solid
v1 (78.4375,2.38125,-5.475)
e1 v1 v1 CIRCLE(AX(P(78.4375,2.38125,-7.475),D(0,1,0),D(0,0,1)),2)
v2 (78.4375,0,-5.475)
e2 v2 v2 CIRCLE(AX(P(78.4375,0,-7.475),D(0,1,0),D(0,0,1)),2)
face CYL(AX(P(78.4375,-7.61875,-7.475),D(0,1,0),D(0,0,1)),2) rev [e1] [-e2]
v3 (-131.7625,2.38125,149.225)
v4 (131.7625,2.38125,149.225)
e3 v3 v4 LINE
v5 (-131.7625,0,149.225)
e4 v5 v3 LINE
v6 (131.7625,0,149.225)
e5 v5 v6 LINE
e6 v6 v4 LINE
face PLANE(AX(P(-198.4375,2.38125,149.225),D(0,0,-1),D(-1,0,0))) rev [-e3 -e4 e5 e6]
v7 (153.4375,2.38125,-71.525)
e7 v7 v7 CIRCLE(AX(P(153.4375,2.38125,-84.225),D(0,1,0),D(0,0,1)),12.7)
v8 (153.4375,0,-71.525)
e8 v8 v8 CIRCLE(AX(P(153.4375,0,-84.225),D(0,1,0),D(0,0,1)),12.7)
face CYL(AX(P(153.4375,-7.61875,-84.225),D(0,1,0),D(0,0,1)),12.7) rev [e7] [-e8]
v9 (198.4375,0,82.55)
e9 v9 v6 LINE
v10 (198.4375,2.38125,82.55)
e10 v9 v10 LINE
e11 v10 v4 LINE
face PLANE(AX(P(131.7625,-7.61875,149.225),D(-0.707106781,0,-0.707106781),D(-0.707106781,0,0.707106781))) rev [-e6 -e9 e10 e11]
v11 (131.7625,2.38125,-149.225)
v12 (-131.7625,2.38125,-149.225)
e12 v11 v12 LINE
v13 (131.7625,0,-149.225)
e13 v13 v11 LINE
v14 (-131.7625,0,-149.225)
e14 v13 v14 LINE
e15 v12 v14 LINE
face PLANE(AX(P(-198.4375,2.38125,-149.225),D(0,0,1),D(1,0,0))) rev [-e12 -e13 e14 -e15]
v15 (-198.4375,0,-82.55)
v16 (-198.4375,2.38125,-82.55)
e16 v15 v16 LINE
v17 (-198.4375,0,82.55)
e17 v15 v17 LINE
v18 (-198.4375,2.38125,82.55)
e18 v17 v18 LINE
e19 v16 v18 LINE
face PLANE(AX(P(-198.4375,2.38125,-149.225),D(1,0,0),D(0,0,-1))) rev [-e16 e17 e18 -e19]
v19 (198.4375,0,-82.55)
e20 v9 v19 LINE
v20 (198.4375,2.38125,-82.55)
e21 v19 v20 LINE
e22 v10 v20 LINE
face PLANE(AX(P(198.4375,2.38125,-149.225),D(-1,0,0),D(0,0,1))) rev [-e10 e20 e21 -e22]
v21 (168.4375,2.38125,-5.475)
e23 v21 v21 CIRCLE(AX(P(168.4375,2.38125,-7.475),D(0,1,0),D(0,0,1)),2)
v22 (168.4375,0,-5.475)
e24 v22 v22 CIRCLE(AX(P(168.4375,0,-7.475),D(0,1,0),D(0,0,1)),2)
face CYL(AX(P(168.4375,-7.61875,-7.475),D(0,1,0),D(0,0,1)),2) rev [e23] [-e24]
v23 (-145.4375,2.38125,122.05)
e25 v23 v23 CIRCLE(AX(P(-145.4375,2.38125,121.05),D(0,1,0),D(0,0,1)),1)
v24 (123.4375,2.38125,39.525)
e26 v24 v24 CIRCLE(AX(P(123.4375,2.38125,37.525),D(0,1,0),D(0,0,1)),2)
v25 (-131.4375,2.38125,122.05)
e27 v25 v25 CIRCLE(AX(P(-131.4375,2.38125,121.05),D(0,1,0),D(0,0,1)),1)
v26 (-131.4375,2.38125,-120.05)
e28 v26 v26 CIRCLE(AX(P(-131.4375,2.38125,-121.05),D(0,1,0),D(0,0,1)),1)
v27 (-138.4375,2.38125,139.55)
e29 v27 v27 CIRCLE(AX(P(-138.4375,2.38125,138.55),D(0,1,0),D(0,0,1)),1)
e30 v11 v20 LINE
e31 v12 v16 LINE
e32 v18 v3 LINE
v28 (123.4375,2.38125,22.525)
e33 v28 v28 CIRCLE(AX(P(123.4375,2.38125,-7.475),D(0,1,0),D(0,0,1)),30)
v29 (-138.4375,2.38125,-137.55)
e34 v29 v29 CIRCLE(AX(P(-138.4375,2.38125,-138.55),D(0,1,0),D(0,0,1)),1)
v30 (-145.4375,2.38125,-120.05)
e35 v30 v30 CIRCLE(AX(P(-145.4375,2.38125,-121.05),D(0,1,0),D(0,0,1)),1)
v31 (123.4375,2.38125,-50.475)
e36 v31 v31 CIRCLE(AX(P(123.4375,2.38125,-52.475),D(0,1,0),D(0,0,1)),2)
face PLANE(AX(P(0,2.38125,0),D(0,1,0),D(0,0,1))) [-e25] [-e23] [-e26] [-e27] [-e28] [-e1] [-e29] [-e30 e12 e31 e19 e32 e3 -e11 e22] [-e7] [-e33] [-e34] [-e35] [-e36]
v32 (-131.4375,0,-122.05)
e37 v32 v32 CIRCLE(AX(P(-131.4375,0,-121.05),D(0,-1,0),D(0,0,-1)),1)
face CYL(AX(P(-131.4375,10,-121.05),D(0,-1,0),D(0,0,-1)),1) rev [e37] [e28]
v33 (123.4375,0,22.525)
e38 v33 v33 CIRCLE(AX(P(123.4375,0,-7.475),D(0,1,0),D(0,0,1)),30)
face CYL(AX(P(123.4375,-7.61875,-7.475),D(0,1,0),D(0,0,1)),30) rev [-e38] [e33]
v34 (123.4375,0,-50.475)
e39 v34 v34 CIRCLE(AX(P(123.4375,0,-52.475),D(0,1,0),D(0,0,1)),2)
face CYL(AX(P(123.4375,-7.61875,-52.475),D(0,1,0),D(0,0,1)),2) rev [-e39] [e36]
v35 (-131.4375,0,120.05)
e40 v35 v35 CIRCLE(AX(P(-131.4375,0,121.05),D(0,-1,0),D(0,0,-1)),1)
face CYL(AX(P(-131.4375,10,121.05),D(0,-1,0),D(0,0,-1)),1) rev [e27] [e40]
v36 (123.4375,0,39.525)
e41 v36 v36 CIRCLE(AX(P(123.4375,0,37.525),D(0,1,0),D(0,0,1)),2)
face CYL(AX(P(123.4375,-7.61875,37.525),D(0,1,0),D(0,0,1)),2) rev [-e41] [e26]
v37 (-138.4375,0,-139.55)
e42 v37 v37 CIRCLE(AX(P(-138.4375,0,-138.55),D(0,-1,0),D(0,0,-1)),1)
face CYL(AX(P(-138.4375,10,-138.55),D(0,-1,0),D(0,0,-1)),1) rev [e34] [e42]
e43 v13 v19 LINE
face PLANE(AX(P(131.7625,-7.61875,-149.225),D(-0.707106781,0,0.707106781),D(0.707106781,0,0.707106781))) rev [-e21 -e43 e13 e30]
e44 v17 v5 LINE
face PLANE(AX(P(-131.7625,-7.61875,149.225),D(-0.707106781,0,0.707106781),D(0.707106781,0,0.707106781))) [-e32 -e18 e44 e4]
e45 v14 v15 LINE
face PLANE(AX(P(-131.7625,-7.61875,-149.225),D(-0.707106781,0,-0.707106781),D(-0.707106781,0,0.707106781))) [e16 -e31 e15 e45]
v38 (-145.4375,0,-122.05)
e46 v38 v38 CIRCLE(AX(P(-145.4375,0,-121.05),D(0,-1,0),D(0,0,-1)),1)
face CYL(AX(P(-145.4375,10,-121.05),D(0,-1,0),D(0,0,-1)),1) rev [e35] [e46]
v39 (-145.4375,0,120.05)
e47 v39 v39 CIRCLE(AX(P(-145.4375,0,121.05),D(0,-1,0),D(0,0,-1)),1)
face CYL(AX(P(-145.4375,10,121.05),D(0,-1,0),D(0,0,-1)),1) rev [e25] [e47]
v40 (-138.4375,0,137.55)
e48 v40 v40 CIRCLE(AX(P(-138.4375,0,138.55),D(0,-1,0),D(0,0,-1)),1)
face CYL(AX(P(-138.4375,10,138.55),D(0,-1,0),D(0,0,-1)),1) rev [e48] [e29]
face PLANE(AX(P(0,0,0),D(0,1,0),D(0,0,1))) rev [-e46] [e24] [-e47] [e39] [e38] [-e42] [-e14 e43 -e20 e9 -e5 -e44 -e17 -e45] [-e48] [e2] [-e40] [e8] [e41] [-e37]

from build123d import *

# Parameters (mm, degrees)
SKETCH1_W           = 396.875
SKETCH1_H           = 298.45
BOSS_EXTRUDE1_DEPTH = 2.38125
SKETCH5_R           = 1
CUT_EXTRUDE4_DEPTH  = 10
SKETCH6_R           = 2
SKETCH6_R_2         = 30
CUT_EXTRUDE5_DEPTH  = 10
SKETCH7_R           = 12.7
CUT_EXTRUDE6_DEPTH  = 10
CUT_EXTRUDE7_DEPTH  = 10


with BuildPart() as part:
    # Sketch1 → Boss-Extrude1 (new body)
    with BuildSketch(Plane(origin=(0, 0, 0), x_dir=(1, 0, 0), z_dir=(0, 1, 0))):
        Rectangle(SKETCH1_W, SKETCH1_H)
    extrude(amount=BOSS_EXTRUDE1_DEPTH)

    # Sketch5 → Cut-Extrude4 (cut)
    with BuildSketch(Plane.XZ):
        with Locations(Location((-138.4375, 138.55, 0), (0, 0, 270))):
            Circle(SKETCH5_R)
        with Locations(Location((-138.4375, -138.55, 0), (0, 0, 270))):
            Circle(SKETCH5_R)
        with Locations(Location((-131.4375, -121.05, 0), (0, 0, 270))):
            Circle(SKETCH5_R)
        with Locations(Location((-131.4375, 121.05, 0), (0, 0, 270))):
            Circle(SKETCH5_R)
        with Locations(Location((-145.4375, 121.05, 0), (0, 0, 270))):
            Circle(SKETCH5_R)
        with Locations(Location((-145.4375, -121.05, 0), (0, 0, 270))):
            Circle(SKETCH5_R)
    extrude(amount=-CUT_EXTRUDE4_DEPTH, mode=Mode.SUBTRACT)

    # Sketch6 → Cut-Extrude5 (cut)
    with BuildSketch(Plane(origin=(0, 2.38125, 0), x_dir=(1, 0, 0), z_dir=(0, 1, 0))):
        with Locations(Location((123.4375, 52.475, 0), (0, 0, 270))):
            Circle(SKETCH6_R)
        with Locations(Location((123.4375, -37.525, 0), (0, 0, 270))):
            Circle(SKETCH6_R)
        with Locations(Location((168.4375, 7.475, 0), (0, 0, 270))):
            Circle(SKETCH6_R)
        with Locations(Location((78.4375, 7.475, 0), (0, 0, 270))):
            Circle(SKETCH6_R)
        with Locations(Location((123.4375, 7.475, 0), (0, 0, 270))):
            Circle(SKETCH6_R_2)
    extrude(amount=-CUT_EXTRUDE5_DEPTH, mode=Mode.SUBTRACT)

    # Sketch7 → Cut-Extrude6 (cut)
    with BuildSketch(Plane(origin=(0, 2.38125, 0), x_dir=(1, 0, 0), z_dir=(0, 1, 0))):
        with Locations(Location((153.4375, 84.225, 0), (0, 0, 270))):
            Circle(SKETCH7_R)
    extrude(amount=-CUT_EXTRUDE6_DEPTH, mode=Mode.SUBTRACT)

    # Sketch8 → Cut-Extrude7 (cut)
    with BuildSketch(Plane(origin=(0, 2.38125, 0), x_dir=(1, 0, 0), z_dir=(0, 1, 0))):
        Polygon((131.7625, -149.225), (198.4375, -82.55), (198.4375, -149.225), align=None)
        Polygon((198.4375, 149.225), (131.7625, 149.225), (198.4375, 82.55), align=None)
    cut_extrude7 = extrude(amount=-CUT_EXTRUDE7_DEPTH, mode=Mode.SUBTRACT)

    # Mirror1: Cut-Extrude7 across plane
    add(cut_extrude7.mirror(Plane(origin=(0, 0, 0), x_dir=(0, 0, 1), z_dir=(1, 0, 0))), mode=Mode.SUBTRACT)


solid = part.part
